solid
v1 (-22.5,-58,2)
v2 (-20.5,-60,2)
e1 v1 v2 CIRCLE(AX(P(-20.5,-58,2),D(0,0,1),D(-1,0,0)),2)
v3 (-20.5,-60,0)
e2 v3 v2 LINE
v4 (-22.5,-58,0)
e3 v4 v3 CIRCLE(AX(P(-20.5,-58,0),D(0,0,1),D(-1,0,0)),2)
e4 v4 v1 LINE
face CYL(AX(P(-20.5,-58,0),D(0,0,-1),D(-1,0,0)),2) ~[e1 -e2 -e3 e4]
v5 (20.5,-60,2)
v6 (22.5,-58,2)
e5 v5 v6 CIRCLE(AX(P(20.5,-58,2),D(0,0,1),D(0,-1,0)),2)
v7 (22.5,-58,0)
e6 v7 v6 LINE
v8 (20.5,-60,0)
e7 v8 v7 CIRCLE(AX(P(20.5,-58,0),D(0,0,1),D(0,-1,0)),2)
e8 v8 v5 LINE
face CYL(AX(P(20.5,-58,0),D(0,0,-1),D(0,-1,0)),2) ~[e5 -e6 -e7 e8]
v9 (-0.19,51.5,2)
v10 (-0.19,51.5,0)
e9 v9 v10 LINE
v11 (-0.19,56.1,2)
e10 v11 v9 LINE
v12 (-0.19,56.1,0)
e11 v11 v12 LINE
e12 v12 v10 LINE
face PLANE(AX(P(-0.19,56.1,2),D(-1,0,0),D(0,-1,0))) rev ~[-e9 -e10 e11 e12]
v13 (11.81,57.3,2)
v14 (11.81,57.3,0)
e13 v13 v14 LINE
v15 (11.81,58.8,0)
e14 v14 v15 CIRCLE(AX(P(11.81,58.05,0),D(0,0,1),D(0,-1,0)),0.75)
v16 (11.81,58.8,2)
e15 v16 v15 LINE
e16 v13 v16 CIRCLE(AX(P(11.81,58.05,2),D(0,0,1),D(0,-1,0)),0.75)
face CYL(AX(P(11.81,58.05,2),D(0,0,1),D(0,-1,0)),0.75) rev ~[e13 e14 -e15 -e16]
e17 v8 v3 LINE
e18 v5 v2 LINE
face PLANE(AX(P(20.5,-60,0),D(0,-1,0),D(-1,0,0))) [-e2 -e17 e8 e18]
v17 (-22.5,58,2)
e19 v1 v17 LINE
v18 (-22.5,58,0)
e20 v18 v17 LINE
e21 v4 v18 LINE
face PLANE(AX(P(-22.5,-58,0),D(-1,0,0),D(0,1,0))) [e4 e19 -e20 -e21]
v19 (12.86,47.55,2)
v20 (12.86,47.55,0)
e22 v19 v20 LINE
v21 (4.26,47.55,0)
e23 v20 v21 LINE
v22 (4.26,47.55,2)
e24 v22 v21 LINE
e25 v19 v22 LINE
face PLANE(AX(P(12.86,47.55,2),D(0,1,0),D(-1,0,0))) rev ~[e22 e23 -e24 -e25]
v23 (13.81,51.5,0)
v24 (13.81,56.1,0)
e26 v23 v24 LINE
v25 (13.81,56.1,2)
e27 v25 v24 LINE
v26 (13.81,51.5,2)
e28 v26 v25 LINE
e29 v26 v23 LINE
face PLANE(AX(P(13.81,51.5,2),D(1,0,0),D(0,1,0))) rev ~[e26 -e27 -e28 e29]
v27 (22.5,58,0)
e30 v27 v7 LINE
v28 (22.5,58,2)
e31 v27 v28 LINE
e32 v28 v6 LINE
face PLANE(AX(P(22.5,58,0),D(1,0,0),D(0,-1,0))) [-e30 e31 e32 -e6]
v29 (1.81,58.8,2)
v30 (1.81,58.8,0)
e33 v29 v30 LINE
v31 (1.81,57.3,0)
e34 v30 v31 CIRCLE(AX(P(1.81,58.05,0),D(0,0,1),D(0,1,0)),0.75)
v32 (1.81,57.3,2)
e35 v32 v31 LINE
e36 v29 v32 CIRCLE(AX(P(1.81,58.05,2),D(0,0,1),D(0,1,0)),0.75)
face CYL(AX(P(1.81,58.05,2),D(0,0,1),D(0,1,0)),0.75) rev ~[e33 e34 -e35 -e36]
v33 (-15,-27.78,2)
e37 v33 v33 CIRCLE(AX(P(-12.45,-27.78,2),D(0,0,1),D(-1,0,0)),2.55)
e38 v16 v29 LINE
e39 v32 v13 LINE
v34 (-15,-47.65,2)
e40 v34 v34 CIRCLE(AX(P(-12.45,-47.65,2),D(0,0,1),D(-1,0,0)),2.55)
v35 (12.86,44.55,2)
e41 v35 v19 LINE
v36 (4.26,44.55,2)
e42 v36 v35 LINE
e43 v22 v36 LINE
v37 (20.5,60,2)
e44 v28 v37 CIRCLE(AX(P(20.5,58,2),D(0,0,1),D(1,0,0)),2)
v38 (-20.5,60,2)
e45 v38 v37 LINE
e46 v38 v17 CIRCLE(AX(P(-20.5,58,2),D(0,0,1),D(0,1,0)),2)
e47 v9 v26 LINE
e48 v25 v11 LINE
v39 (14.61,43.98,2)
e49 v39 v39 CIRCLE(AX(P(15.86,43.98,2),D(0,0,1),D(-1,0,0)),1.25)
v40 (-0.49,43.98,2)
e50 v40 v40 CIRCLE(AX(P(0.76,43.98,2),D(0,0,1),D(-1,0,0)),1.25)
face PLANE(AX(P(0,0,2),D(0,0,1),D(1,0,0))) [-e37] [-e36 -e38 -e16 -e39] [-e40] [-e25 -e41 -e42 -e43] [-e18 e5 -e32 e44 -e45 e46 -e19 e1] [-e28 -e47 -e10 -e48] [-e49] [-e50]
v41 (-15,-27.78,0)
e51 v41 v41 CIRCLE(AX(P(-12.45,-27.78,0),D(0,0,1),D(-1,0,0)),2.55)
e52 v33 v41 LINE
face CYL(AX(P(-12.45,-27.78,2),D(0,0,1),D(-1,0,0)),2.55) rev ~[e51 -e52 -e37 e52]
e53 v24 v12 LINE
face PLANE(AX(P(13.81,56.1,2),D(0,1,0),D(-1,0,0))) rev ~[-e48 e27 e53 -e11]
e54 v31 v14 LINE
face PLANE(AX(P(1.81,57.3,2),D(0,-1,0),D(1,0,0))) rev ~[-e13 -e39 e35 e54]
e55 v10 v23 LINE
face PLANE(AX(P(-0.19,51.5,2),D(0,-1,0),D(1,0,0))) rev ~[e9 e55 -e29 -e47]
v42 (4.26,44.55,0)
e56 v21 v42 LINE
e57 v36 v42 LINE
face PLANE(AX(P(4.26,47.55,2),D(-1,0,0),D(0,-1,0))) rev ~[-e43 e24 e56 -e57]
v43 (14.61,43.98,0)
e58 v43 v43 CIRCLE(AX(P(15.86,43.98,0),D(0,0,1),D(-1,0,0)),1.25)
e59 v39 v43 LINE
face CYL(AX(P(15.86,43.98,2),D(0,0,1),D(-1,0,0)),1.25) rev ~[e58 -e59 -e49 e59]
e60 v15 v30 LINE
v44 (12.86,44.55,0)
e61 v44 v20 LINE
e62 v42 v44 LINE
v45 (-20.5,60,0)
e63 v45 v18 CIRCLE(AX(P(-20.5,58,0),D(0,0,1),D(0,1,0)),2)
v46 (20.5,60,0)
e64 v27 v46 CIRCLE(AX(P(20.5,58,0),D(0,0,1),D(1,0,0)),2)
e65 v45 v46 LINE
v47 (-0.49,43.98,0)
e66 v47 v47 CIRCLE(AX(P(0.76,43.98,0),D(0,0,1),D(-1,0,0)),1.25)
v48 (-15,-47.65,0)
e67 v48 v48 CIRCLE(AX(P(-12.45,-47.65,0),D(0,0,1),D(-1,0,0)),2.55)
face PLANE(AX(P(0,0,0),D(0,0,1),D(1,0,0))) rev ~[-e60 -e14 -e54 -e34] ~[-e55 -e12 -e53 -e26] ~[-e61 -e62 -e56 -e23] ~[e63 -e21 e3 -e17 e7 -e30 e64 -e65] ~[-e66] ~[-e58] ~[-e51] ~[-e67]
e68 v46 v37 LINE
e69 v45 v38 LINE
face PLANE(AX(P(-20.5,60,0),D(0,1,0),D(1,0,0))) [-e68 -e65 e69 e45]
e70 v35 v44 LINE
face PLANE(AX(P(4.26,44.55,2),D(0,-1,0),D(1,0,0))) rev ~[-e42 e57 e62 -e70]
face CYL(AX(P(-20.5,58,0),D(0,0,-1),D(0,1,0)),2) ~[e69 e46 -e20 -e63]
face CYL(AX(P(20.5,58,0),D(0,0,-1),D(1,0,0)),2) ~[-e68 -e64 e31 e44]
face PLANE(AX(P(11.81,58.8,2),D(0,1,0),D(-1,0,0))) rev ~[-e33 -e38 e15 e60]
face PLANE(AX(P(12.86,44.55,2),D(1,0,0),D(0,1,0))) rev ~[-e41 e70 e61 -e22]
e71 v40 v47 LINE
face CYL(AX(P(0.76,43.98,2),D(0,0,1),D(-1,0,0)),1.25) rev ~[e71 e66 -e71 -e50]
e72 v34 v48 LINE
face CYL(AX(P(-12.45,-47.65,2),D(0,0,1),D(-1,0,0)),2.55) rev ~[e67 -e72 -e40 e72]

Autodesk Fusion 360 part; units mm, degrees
sketch "Esboço1" plane through (0, 0, 0) normal (0, 0, 1) x (1, 0, 0)
  line L0 (-20.5, 60) -> (20.5, 60)
  line L1 (22.5, 58) -> (22.5, -58)
  line L2 (20.5, -60) -> (-20.5, -60)
  line L3 (-22.5, -58) -> (-22.5, 58)
  line L4 (-22.5, 60) -> (22.5, -60) construction
  line L5 (22.5, 60) -> (-22.5, -60) construction
  arc A0 (20.5, -60) -> (22.5, -58) centre (20.5, -58) ccw
  arc A1 (22.5, 58) -> (20.5, 60) centre (20.5, 58) ccw
  arc A2 (-20.5, 60) -> (-22.5, 58) centre (-20.5, 58) ccw
  arc A3 (-22.5, -58) -> (-20.5, -60) centre (-20.5, -58) ccw
  dimension "d1" = 45
  dimension "d2" = 120
  dimension "d27" = 2
extrude "Extrusão1" add sketch "Esboço1" along normal blind 2
sketch "Esboço2" plane through (0, 0, 2) normal (0, 0, 1) x (-1, 0, 0)
  line L0 (20.5, 60) -> (-20.5, 60)
  line L1 (-22.5, 58) -> (-22.5, -58)
  line L2 (-20.5, -60) -> (20.5, -60)
  line L3 (22.5, -58) -> (22.5, 58)
  circle A0 centre (12.45, 27.78) radius 2.55
  circle A1 centre (12.45, 47.65) radius 2.55
  line L4 (0.19, -51.5) -> (-13.81, -51.5)
  line L5 (-13.81, -51.5) -> (-13.81, -56.1)
  line L6 (-13.81, -56.1) -> (0.19, -56.1)
  line L7 (0.19, -56.1) -> (0.19, -51.5)
  line L8 (0.19, -51.5) -> (-13.81, -56.1) construction
  line L9 (-13.81, -51.5) -> (0.19, -56.1) construction
  line L10 (-4.26, -44.55) -> (-12.86, -44.55)
  line L11 (-12.86, -44.55) -> (-12.86, -47.55)
  line L12 (-12.86, -47.55) -> (-4.26, -47.55)
  line L13 (-4.26, -47.55) -> (-4.26, -44.55)
  line L14 (-4.26, -44.55) -> (-12.86, -47.55) construction
  line L15 (-12.86, -44.55) -> (-4.26, -47.55) construction
  circle A2 centre (-0.76, -43.98) radius 1.25
  circle A3 centre (-15.86, -43.98) radius 1.25
  arc A4 (20.5, -60) -> (22.5, -58) centre (20.5, -58) ccw
  arc A5 (22.5, 58) -> (20.5, 60) centre (20.5, 58) ccw
  arc A6 (-20.5, 60) -> (-22.5, 58) centre (-20.5, 58) ccw
  arc A7 (-22.5, -58) -> (-20.5, -60) centre (-20.5, -58) ccw
  line L16 (-1.81, -57.3) -> (-11.81, -57.3)
  arc A8 (-11.81, -57.3) -> (-11.81, -58.8) centre (-11.81, -58.05) ccw
  line L17 (-11.81, -58.8) -> (-1.81, -58.8)
  arc A9 (-1.81, -58.8) -> (-1.81, -57.3) centre (-1.81, -58.05) ccw
  line L18 (-1.81, -58.05) -> (-11.81, -58.05) construction
  point P0 (-6.81, -53.8)
  point P1 (-8.56, -46.05)
  dimension "d5" = 5.1
  dimension "d6" = 5.1
  dimension "d7" = 19.87
  dimension "d8" = 10.05
  dimension "d9" = 10.05
  dimension "d11" = 14
  dimension "d12" = 4.6
  dimension "d13" = 8.6
  dimension "d14" = 3
  dimension "d15" = 9.64
  dimension "d16" = 8.69
  dimension "d17" = 3.95
  dimension "d18" = 3.9
  dimension "d19" = 2.5
  dimension "d20" = 2.5
  dimension "d21" = 15.1
  dimension "d22" = 6.64
  dimension "d23" = 16.02
  dimension "d24" = 16.02
  dimension "d29" = 12.35
  dimension "d30" = 1.5
  dimension "d31" = 10
extrude "Extrusão2" cut sketch "Esboço2" against normal blind 15 contours A0 | A1 | L4 L5 L6 L7 | L10 L11 L12 L13 | A2 | A3 | L16 A8 L17 A9
sketch "Esboço4" plane through (0, 0, 2) normal (0, 0, 1) x (-1, 0, 0)
  circle A0 centre (12.45, 27.78) radius 2.55
  circle A1 centre (-15.86, -43.98) radius 1.25
  circle A2 centre (-0.76, -43.98) radius 1.25
  circle A3 centre (12.45, 47.65) radius 2.55
  line L0 (-12.86, -44.55) -> (-4.26, -44.55)
  line L1 (-4.26, -44.55) -> (-4.26, -47.55)
  line L2 (-4.26, -47.55) -> (-12.86, -47.55)
  line L3 (-12.86, -47.55) -> (-12.86, -44.55)
  line L4 (-13.81, -51.5) -> (0.19, -51.5)
  line L5 (0.19, -51.5) -> (0.19, -56.1)
  line L6 (0.19, -56.1) -> (-13.81, -56.1)
  line L7 (-13.81, -56.1) -> (-13.81, -51.5)
  line L8 (-11.81, -57.3) -> (-1.81, -57.3)
  arc A4 (-1.81, -58.8) -> (-1.81, -57.3) centre (-1.81, -58.05) ccw
  line L9 (-1.81, -58.8) -> (-11.81, -58.8)
  arc A5 (-11.81, -57.3) -> (-11.81, -58.8) centre (-11.81, -58.05) ccw
  arc A6 (20.5, -60) -> (22.5, -58) centre (20.5, -58) ccw
  line L10 (22.5, -58) -> (22.5, 58)
  arc A7 (22.5, 58) -> (20.5, 60) centre (20.5, 58) ccw
  line L11 (20.5, 60) -> (-20.5, 60)
  arc A8 (-20.5, 60) -> (-22.5, 58) centre (-20.5, 58) ccw
  line L12 (-22.5, 58) -> (-22.5, -58)
  arc A9 (-22.5, -58) -> (-20.5, -60) centre (-20.5, -58) ccw
  line L13 (-20.5, -60) -> (20.5, -60)
equation "d15 = 5.25 mm + 4.39 mm"
equation "d16 = 4.3 mm + 4.39 mm"
equation "d22 = 2.25 mm + 4.39 mm"
